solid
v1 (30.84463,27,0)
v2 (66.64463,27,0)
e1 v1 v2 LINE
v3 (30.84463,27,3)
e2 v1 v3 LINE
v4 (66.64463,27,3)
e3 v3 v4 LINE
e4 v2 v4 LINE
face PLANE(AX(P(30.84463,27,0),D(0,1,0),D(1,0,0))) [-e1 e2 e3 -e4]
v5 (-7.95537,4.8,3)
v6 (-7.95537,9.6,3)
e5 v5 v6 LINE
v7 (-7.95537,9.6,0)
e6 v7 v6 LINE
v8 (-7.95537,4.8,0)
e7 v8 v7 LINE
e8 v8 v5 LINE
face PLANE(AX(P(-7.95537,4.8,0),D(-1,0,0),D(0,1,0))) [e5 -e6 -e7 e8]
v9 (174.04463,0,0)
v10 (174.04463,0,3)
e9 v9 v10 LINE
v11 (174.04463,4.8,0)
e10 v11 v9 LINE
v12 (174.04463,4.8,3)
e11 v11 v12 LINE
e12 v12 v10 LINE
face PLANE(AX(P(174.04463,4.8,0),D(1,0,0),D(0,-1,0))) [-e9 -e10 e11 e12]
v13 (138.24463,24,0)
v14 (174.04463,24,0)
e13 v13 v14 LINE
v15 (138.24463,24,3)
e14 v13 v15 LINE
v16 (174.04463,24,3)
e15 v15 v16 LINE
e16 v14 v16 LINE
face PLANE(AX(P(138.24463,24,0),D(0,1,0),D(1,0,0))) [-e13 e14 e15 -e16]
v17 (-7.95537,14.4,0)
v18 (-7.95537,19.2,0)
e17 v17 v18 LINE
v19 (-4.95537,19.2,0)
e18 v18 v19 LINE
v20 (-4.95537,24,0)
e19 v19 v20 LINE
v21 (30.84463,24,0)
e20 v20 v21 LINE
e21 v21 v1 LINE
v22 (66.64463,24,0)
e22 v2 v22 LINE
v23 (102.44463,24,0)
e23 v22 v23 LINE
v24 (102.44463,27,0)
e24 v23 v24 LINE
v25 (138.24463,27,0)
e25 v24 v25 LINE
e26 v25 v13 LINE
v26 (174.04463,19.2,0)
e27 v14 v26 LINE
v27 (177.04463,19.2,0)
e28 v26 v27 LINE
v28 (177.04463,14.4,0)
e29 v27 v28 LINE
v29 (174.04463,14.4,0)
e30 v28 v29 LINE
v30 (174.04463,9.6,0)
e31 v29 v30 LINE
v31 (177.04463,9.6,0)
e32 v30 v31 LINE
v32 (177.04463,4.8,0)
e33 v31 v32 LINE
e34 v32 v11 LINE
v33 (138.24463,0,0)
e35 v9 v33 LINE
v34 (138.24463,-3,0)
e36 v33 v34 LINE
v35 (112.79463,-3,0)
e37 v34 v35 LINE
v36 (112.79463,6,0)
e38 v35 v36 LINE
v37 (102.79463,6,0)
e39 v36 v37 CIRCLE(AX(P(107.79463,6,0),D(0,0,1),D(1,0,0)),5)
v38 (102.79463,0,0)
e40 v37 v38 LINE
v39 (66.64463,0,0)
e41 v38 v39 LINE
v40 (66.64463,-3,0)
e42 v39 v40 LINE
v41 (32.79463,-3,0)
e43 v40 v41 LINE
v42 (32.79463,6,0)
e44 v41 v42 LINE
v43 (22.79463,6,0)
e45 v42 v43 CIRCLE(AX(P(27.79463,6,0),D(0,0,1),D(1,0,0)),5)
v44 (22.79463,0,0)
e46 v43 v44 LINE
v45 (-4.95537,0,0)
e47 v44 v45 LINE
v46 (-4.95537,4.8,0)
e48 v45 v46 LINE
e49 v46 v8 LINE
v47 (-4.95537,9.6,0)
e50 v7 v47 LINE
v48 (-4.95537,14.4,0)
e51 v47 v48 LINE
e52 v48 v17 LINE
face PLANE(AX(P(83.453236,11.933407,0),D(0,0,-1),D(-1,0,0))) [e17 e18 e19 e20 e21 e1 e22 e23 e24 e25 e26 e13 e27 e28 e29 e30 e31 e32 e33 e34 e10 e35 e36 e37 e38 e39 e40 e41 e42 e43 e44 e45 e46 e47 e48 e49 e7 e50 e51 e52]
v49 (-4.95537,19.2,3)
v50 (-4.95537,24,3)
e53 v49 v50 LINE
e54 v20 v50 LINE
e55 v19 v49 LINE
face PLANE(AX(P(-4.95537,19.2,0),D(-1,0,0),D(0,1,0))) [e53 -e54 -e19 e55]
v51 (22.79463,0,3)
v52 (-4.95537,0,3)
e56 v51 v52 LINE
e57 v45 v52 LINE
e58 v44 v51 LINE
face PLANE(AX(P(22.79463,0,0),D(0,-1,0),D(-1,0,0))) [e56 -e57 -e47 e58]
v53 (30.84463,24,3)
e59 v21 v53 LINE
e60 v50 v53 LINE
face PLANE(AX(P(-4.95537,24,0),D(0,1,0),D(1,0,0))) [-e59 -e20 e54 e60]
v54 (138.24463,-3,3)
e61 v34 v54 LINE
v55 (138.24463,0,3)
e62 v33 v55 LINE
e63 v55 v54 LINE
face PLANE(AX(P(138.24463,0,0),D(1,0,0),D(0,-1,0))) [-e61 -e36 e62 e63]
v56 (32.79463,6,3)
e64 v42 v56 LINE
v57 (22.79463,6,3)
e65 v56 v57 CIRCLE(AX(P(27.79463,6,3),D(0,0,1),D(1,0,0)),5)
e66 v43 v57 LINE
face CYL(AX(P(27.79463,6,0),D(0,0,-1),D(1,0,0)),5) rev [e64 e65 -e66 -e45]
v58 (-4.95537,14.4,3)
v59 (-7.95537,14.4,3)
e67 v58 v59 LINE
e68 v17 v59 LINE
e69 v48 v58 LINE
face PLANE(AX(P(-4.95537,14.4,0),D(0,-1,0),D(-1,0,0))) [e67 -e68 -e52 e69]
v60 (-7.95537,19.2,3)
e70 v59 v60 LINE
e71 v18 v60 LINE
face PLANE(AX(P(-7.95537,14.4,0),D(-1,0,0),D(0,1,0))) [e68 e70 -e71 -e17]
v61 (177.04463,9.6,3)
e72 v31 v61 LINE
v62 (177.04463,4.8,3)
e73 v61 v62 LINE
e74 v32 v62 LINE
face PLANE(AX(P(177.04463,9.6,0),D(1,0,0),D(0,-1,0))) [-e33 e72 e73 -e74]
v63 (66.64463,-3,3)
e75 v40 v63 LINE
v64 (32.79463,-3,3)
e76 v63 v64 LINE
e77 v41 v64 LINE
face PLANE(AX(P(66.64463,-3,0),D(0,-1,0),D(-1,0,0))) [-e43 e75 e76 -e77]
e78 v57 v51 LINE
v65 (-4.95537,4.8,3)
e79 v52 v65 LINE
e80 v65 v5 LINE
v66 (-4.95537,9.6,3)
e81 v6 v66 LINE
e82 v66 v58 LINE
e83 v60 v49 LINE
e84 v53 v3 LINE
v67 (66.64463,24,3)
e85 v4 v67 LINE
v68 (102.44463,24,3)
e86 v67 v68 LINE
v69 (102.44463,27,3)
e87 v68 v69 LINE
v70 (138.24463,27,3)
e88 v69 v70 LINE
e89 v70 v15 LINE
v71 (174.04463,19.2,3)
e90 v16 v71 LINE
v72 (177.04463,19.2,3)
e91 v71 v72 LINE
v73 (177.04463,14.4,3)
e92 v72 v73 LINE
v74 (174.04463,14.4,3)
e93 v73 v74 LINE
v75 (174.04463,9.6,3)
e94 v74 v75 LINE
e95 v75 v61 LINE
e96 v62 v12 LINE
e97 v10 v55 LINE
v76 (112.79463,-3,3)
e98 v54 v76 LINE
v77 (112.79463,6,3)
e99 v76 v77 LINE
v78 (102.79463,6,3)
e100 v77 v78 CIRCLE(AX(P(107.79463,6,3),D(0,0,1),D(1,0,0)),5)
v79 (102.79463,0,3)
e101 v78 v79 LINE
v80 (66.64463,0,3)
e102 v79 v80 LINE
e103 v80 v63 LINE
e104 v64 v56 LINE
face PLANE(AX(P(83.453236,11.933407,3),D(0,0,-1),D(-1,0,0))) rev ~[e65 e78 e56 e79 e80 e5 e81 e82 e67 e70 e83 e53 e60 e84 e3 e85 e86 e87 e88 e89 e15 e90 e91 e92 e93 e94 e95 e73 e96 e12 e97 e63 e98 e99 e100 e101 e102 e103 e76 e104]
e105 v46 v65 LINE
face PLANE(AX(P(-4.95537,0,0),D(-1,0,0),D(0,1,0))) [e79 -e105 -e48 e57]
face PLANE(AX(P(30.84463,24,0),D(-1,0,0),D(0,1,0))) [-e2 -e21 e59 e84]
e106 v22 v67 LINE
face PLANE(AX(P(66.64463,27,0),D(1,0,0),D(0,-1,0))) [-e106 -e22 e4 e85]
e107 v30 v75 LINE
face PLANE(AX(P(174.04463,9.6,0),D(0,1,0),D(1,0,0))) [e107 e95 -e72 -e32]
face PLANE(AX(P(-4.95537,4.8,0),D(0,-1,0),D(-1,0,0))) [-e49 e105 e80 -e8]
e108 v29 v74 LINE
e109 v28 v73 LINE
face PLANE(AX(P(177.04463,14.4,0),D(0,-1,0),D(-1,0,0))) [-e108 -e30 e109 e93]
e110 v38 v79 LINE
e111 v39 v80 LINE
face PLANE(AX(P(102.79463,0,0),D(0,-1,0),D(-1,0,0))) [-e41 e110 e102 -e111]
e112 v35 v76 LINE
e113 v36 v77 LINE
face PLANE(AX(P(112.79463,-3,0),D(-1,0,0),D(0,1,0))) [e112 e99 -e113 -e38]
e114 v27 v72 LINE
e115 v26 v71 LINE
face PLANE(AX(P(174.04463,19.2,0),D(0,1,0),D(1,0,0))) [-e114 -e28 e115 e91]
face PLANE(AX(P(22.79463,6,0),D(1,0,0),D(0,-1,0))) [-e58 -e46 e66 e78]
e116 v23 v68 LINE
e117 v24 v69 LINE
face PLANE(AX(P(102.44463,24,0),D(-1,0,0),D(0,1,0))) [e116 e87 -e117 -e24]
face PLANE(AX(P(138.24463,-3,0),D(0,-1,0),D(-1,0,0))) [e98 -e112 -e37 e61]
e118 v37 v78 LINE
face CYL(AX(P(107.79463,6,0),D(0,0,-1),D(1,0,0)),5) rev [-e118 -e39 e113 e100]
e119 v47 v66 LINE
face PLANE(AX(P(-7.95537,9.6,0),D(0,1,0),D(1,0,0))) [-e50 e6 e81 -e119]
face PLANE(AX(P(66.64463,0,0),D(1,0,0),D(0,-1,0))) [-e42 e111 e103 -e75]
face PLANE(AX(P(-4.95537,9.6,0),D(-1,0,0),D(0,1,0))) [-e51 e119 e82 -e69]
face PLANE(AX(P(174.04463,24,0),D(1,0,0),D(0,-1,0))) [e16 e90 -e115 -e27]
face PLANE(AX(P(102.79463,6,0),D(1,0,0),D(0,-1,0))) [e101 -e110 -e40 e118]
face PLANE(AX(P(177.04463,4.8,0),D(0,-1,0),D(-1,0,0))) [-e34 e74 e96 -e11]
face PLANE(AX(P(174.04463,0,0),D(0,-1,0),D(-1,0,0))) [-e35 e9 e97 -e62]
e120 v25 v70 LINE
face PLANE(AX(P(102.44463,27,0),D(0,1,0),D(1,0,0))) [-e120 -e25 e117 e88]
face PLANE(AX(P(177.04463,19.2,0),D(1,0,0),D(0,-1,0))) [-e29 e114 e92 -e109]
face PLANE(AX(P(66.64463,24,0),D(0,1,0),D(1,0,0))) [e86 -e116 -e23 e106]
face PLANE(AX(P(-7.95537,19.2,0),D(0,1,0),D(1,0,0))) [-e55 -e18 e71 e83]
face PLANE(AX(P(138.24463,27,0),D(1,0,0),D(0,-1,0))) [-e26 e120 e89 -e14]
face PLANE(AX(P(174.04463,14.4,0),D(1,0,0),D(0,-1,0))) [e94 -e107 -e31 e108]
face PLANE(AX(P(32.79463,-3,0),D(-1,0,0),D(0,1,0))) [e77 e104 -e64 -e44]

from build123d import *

# Parameters (mm, degrees)
BOSS_EXTRUDE1_DEPTH = 3


with BuildPart() as part:
    # Sketch1 → Boss-Extrude1 (new body)
    with BuildSketch(Plane.XY):
        with BuildLine():
            Line((-4.955370371, 4.8), (-7.955370371, 4.8))
            Line((-7.955370371, 4.8), (-7.955370371, 9.6))
            Line((-7.955370371, 9.6), (-4.955370371, 9.6))
            Line((-4.955370371, 9.6), (-4.955370371, 14.4))
            Line((-4.955370371, 14.4), (-7.955370371, 14.4))
            Line((-7.955370371, 14.4), (-7.955370371, 19.2))
            Line((-7.955370371, 19.2), (-4.955370371, 19.2))
            Line((-4.955370371, 19.2), (-4.955370371, 24))
            Line((-4.955370371, 24), (30.844629629, 24))
            Line((30.844629629, 24), (30.844629629, 27))
            Line((30.844629629, 27), (66.644629629, 27))
            Line((66.644629629, 27), (66.644629629, 24))
            Line((66.644629629, 24), (102.444629629, 24))
            Line((102.444629629, 24), (102.444629629, 27))
            Line((102.444629629, 27), (138.244629629, 27))
            Line((138.244629629, 27), (138.244629629, 24))
            Line((138.244629629, 24), (174.044629629, 24))
            Line((174.044629629, 24), (174.044629629, 19.2))
            Line((174.044629629, 19.2), (177.044629629, 19.2))
            Line((177.044629629, 19.2), (177.044629629, 14.4))
            Line((177.044629629, 14.4), (174.044629629, 14.4))
            Line((174.044629629, 14.4), (174.044629629, 9.6))
            Line((174.044629629, 9.6), (177.044629629, 9.6))
            Line((177.044629629, 9.6), (177.044629629, 4.8))
            Line((177.044629629, 4.8), (174.044629629, 4.8))
            Line((174.044629629, 4.8), (174.044629629, 0))
            Line((174.044629629, 0), (138.244629629, 0))
            Line((138.244629629, 0), (138.244629629, -3))
            Line((138.244629629, -3), (112.794629629, -3))
            Line((112.794629629, -3), (112.794629629, 0))
            Line((112.794629629, 0), (112.794629629, 6))
            ThreePointArc((112.794629629, 6), (107.794629629, 11), (102.794629629, 6))
            Line((102.794629629, 6), (102.794629629, 0))
            Line((102.794629629, 0), (102.444629629, 0))
            Line((102.444629629, 0), (66.644629629, 0))
            Line((66.644629629, 0), (66.644629629, -3))
            Line((66.644629629, -3), (32.794629629, -3))
            Line((32.794629629, -3), (32.794629629, 6))
            ThreePointArc((32.794629629, 6), (27.794629629, 11), (22.794629629, 6))
            Line((22.794629629, 6), (22.794629629, 0))
            Line((22.794629629, 0), (-4.955370371, 0))
            Line((-4.955370371, 0), (-4.955370371, 4.8))
        make_face()
    extrude(amount=BOSS_EXTRUDE1_DEPTH)


solid = part.part
